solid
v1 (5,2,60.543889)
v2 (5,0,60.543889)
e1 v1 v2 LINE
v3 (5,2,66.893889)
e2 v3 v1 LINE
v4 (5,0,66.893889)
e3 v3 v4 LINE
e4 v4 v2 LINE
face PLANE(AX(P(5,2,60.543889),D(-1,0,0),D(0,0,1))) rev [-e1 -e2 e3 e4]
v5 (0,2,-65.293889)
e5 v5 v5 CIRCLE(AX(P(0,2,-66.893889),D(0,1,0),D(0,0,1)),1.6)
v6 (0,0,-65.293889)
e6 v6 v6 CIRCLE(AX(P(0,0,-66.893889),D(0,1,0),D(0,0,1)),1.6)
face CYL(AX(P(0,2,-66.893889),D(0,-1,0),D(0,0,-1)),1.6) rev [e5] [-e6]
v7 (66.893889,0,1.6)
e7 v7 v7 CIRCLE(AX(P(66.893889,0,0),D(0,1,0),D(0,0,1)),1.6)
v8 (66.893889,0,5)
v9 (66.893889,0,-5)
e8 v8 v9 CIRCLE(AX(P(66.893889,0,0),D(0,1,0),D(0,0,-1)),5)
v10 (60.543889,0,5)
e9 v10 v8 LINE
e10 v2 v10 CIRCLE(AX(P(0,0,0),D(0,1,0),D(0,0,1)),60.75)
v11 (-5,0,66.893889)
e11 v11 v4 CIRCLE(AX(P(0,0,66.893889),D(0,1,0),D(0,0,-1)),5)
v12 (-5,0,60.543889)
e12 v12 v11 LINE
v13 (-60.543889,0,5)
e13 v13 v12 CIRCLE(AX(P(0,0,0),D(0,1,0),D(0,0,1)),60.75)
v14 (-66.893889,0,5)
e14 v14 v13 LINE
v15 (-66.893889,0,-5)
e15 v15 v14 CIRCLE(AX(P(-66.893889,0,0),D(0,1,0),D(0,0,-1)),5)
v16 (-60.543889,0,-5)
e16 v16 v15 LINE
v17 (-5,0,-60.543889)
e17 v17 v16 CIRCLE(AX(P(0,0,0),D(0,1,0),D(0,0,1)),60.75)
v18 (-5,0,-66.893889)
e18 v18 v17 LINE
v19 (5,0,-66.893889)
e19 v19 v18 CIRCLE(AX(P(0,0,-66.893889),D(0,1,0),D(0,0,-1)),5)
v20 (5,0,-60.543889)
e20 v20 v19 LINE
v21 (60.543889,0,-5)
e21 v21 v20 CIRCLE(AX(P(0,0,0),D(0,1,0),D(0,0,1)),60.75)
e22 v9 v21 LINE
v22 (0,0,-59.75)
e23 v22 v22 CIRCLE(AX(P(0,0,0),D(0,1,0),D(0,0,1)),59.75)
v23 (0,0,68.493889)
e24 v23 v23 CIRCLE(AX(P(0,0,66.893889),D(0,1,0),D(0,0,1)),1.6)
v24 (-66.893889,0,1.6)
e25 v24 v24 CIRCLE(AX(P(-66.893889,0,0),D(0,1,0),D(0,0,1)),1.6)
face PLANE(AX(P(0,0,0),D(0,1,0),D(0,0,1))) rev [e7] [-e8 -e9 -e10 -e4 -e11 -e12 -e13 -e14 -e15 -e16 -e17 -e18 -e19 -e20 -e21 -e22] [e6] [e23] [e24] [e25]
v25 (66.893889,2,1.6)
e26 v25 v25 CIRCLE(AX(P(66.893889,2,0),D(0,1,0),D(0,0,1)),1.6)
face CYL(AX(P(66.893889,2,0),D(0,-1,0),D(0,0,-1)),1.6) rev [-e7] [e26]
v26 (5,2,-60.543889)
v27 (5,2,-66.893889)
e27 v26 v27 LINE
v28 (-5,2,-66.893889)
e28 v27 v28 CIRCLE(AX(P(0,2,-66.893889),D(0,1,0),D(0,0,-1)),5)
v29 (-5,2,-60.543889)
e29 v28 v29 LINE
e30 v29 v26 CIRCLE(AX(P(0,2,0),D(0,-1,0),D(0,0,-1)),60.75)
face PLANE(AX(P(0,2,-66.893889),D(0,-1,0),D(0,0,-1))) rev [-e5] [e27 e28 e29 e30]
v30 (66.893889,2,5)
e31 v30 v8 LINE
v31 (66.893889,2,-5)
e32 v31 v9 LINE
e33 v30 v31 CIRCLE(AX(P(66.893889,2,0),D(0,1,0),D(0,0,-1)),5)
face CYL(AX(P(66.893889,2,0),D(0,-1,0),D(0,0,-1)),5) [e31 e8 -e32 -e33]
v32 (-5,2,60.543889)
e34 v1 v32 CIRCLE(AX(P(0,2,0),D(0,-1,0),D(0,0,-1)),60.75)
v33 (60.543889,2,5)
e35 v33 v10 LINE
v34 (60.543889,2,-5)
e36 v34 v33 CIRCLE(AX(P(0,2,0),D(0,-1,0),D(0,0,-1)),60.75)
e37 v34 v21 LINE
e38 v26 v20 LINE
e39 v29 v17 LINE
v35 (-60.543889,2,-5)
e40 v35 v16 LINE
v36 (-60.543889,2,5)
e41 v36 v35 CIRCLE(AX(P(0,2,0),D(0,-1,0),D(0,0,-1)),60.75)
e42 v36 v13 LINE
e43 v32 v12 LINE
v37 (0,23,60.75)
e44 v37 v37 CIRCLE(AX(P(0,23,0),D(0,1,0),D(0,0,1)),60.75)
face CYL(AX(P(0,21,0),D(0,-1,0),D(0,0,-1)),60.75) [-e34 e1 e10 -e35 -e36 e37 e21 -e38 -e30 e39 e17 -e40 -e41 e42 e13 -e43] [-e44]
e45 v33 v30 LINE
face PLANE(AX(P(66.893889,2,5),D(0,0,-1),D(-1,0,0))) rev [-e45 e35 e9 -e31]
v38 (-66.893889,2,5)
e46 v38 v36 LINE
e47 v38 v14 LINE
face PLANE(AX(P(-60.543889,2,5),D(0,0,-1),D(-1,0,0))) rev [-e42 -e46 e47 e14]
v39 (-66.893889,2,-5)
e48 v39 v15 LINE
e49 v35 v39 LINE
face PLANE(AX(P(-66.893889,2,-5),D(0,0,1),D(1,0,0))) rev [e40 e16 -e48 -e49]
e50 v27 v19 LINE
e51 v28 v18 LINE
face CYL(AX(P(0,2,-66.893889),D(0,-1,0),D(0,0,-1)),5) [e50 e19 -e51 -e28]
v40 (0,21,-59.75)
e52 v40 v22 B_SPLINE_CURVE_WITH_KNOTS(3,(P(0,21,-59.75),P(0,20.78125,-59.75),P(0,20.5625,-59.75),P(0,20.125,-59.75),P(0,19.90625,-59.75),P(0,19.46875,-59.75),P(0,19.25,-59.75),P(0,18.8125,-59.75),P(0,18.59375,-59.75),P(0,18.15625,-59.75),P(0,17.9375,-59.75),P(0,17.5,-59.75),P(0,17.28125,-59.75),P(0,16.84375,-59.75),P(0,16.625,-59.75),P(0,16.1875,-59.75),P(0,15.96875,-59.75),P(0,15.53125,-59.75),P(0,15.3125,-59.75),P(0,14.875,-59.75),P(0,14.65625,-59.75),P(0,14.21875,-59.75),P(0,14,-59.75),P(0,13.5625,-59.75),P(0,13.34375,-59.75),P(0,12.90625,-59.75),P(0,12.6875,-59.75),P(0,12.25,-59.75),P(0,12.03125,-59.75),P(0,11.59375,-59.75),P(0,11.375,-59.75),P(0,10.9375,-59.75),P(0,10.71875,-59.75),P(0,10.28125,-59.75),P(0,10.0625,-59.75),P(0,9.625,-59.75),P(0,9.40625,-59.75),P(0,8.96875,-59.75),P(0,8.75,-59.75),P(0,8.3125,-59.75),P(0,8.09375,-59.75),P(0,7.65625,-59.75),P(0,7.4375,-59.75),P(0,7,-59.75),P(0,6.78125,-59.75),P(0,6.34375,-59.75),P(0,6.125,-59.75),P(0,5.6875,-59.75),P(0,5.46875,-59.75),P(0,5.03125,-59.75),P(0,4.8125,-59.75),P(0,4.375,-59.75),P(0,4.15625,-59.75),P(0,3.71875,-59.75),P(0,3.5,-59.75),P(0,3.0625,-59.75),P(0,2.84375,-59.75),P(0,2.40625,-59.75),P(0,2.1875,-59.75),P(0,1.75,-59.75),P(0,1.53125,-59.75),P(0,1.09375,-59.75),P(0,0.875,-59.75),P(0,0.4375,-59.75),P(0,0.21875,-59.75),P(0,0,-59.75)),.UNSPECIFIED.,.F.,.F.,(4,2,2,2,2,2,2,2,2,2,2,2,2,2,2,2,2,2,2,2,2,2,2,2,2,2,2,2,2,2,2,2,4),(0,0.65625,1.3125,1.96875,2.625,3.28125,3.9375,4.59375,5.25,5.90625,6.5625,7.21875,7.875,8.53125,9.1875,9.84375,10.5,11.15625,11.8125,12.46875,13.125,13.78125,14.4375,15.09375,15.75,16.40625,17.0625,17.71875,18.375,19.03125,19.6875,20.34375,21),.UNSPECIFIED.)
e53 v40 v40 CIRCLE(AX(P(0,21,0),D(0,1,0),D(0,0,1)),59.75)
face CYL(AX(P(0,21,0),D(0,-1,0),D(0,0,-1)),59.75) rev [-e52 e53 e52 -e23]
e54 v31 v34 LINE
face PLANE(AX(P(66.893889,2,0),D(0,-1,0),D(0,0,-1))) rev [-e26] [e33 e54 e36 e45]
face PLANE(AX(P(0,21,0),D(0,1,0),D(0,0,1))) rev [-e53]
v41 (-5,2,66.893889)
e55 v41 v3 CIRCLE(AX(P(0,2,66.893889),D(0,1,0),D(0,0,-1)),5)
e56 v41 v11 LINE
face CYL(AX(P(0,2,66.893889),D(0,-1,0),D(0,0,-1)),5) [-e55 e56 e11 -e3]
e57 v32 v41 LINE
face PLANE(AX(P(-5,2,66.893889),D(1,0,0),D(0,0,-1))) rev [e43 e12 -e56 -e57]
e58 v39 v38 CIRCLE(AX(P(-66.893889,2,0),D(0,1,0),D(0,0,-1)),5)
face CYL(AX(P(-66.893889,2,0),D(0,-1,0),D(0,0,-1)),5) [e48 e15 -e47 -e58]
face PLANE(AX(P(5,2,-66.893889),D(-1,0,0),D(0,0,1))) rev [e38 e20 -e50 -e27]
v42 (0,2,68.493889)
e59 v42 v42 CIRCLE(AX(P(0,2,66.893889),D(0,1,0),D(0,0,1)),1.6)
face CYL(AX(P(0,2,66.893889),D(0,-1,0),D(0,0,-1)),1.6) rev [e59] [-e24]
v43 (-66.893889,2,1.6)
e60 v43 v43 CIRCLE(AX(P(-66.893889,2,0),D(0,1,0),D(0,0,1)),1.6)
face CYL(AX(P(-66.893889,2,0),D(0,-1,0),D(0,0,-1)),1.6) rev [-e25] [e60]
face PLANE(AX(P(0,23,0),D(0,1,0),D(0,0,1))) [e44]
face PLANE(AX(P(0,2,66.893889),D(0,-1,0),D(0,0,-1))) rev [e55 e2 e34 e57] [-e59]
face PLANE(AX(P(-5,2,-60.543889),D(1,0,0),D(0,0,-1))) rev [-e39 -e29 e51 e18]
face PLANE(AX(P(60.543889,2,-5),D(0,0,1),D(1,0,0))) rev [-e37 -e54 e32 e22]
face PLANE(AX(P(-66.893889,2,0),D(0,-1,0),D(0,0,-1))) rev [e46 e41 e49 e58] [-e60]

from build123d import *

# Parameters (mm, degrees)
SKETCH1_R           = 60.75
SKETCH1_R_2         = 59.75
BOSS_EXTRUDE1_DEPTH = 21
SKETCH2_R           = 60.75
BOSS_EXTRUDE2_DEPTH = 2
SKETCH3_R           = 1.6
BOSS_EXTRUDE3_DEPTH = 2


with BuildPart() as part:
    # Sketch1 → Boss-Extrude1 (new body)
    with BuildSketch(Plane(origin=(0, 0, 0), x_dir=(1, 0, 0), z_dir=(0, 1, 0))):
        with Locations(Location((0, 0, 0), (0, 0, 90))):
            Circle(SKETCH1_R)
        with Locations(Location((0, 0, 0), (0, 0, 90))):
            Circle(SKETCH1_R_2, mode=Mode.SUBTRACT)
    extrude(amount=BOSS_EXTRUDE1_DEPTH)

    # Sketch2 → Boss-Extrude2 (add)
    with BuildSketch(Plane(origin=(0, 21, 0), x_dir=(1, 0, 0), z_dir=(0, 1, 0))):
        with Locations(Location((0, 0, 0), (0, 0, 90))):
            Circle(SKETCH2_R)
    extrude(amount=BOSS_EXTRUDE2_DEPTH)

    # Sketch3 → Boss-Extrude3 (add)
    # profile 1 of 4: a face of its own
    with BuildSketch(Plane(origin=(0, 0, 0), x_dir=(1, 0, 0), z_dir=(0, 1, 0))):
        with BuildLine():
            Line((5, 66.893889039), (5, 60.543889039))
            Line((5, 60.543889039), (-5, 60.543889039))
            Line((-5, 60.543889039), (-5, 66.893889039))
            ThreePointArc((-5, 66.893889039), (0, 71.893889039), (5, 66.893889039))
        make_face()
        with Locations(Location((0, 66.893889039, 0), (0, 0, 270))):
            Circle(SKETCH3_R, mode=Mode.SUBTRACT)
    # profile 2 of 4: a face of its own
    with BuildSketch(Plane(origin=(0, 0, 0), x_dir=(1, 0, 0), z_dir=(0, 1, 0))):
        with BuildLine():
            Line((60.543889039, 5), (66.893889039, 5))
            ThreePointArc((66.893889039, 5), (71.893889039, 0), (66.893889039, -5))
            Line((66.893889039, -5), (60.543889039, -5))
            Line((60.543889039, -5), (60.543889039, 5))
        make_face()
        with Locations(Location((66.893889039, 0, 0), (0, 0, 270))):
            Circle(SKETCH3_R, mode=Mode.SUBTRACT)
    # profile 3 of 4: a face of its own
    with BuildSketch(Plane(origin=(0, 0, 0), x_dir=(1, 0, 0), z_dir=(0, 1, 0))):
        with BuildLine():
            Line((5, -60.543889039), (5, -66.893889039))
            ThreePointArc((5, -66.893889039), (0, -71.893889039), (-5, -66.893889039))
            Line((-5, -66.893889039), (-5, -60.543889039))
            Line((-5, -60.543889039), (5, -60.543889039))
        make_face()
        with Locations(Location((0, -66.893889039, 0), (0, 0, 270))):
            Circle(SKETCH3_R, mode=Mode.SUBTRACT)
    # profile 4 of 4: a face of its own
    with BuildSketch(Plane(origin=(0, 0, 0), x_dir=(1, 0, 0), z_dir=(0, 1, 0))):
        with BuildLine():
            Line((-60.543889039, -5), (-66.893889039, -5))
            ThreePointArc((-66.893889039, -5), (-71.893889039, 0), (-66.893889039, 5))
            Line((-66.893889039, 5), (-60.543889039, 5))
            Line((-60.543889039, 5), (-60.543889039, -5))
        make_face()
        with Locations(Location((-66.893889039, 0, 0), (0, 0, 270))):
            Circle(SKETCH3_R, mode=Mode.SUBTRACT)
    extrude(amount=BOSS_EXTRUDE3_DEPTH)


solid = part.part
